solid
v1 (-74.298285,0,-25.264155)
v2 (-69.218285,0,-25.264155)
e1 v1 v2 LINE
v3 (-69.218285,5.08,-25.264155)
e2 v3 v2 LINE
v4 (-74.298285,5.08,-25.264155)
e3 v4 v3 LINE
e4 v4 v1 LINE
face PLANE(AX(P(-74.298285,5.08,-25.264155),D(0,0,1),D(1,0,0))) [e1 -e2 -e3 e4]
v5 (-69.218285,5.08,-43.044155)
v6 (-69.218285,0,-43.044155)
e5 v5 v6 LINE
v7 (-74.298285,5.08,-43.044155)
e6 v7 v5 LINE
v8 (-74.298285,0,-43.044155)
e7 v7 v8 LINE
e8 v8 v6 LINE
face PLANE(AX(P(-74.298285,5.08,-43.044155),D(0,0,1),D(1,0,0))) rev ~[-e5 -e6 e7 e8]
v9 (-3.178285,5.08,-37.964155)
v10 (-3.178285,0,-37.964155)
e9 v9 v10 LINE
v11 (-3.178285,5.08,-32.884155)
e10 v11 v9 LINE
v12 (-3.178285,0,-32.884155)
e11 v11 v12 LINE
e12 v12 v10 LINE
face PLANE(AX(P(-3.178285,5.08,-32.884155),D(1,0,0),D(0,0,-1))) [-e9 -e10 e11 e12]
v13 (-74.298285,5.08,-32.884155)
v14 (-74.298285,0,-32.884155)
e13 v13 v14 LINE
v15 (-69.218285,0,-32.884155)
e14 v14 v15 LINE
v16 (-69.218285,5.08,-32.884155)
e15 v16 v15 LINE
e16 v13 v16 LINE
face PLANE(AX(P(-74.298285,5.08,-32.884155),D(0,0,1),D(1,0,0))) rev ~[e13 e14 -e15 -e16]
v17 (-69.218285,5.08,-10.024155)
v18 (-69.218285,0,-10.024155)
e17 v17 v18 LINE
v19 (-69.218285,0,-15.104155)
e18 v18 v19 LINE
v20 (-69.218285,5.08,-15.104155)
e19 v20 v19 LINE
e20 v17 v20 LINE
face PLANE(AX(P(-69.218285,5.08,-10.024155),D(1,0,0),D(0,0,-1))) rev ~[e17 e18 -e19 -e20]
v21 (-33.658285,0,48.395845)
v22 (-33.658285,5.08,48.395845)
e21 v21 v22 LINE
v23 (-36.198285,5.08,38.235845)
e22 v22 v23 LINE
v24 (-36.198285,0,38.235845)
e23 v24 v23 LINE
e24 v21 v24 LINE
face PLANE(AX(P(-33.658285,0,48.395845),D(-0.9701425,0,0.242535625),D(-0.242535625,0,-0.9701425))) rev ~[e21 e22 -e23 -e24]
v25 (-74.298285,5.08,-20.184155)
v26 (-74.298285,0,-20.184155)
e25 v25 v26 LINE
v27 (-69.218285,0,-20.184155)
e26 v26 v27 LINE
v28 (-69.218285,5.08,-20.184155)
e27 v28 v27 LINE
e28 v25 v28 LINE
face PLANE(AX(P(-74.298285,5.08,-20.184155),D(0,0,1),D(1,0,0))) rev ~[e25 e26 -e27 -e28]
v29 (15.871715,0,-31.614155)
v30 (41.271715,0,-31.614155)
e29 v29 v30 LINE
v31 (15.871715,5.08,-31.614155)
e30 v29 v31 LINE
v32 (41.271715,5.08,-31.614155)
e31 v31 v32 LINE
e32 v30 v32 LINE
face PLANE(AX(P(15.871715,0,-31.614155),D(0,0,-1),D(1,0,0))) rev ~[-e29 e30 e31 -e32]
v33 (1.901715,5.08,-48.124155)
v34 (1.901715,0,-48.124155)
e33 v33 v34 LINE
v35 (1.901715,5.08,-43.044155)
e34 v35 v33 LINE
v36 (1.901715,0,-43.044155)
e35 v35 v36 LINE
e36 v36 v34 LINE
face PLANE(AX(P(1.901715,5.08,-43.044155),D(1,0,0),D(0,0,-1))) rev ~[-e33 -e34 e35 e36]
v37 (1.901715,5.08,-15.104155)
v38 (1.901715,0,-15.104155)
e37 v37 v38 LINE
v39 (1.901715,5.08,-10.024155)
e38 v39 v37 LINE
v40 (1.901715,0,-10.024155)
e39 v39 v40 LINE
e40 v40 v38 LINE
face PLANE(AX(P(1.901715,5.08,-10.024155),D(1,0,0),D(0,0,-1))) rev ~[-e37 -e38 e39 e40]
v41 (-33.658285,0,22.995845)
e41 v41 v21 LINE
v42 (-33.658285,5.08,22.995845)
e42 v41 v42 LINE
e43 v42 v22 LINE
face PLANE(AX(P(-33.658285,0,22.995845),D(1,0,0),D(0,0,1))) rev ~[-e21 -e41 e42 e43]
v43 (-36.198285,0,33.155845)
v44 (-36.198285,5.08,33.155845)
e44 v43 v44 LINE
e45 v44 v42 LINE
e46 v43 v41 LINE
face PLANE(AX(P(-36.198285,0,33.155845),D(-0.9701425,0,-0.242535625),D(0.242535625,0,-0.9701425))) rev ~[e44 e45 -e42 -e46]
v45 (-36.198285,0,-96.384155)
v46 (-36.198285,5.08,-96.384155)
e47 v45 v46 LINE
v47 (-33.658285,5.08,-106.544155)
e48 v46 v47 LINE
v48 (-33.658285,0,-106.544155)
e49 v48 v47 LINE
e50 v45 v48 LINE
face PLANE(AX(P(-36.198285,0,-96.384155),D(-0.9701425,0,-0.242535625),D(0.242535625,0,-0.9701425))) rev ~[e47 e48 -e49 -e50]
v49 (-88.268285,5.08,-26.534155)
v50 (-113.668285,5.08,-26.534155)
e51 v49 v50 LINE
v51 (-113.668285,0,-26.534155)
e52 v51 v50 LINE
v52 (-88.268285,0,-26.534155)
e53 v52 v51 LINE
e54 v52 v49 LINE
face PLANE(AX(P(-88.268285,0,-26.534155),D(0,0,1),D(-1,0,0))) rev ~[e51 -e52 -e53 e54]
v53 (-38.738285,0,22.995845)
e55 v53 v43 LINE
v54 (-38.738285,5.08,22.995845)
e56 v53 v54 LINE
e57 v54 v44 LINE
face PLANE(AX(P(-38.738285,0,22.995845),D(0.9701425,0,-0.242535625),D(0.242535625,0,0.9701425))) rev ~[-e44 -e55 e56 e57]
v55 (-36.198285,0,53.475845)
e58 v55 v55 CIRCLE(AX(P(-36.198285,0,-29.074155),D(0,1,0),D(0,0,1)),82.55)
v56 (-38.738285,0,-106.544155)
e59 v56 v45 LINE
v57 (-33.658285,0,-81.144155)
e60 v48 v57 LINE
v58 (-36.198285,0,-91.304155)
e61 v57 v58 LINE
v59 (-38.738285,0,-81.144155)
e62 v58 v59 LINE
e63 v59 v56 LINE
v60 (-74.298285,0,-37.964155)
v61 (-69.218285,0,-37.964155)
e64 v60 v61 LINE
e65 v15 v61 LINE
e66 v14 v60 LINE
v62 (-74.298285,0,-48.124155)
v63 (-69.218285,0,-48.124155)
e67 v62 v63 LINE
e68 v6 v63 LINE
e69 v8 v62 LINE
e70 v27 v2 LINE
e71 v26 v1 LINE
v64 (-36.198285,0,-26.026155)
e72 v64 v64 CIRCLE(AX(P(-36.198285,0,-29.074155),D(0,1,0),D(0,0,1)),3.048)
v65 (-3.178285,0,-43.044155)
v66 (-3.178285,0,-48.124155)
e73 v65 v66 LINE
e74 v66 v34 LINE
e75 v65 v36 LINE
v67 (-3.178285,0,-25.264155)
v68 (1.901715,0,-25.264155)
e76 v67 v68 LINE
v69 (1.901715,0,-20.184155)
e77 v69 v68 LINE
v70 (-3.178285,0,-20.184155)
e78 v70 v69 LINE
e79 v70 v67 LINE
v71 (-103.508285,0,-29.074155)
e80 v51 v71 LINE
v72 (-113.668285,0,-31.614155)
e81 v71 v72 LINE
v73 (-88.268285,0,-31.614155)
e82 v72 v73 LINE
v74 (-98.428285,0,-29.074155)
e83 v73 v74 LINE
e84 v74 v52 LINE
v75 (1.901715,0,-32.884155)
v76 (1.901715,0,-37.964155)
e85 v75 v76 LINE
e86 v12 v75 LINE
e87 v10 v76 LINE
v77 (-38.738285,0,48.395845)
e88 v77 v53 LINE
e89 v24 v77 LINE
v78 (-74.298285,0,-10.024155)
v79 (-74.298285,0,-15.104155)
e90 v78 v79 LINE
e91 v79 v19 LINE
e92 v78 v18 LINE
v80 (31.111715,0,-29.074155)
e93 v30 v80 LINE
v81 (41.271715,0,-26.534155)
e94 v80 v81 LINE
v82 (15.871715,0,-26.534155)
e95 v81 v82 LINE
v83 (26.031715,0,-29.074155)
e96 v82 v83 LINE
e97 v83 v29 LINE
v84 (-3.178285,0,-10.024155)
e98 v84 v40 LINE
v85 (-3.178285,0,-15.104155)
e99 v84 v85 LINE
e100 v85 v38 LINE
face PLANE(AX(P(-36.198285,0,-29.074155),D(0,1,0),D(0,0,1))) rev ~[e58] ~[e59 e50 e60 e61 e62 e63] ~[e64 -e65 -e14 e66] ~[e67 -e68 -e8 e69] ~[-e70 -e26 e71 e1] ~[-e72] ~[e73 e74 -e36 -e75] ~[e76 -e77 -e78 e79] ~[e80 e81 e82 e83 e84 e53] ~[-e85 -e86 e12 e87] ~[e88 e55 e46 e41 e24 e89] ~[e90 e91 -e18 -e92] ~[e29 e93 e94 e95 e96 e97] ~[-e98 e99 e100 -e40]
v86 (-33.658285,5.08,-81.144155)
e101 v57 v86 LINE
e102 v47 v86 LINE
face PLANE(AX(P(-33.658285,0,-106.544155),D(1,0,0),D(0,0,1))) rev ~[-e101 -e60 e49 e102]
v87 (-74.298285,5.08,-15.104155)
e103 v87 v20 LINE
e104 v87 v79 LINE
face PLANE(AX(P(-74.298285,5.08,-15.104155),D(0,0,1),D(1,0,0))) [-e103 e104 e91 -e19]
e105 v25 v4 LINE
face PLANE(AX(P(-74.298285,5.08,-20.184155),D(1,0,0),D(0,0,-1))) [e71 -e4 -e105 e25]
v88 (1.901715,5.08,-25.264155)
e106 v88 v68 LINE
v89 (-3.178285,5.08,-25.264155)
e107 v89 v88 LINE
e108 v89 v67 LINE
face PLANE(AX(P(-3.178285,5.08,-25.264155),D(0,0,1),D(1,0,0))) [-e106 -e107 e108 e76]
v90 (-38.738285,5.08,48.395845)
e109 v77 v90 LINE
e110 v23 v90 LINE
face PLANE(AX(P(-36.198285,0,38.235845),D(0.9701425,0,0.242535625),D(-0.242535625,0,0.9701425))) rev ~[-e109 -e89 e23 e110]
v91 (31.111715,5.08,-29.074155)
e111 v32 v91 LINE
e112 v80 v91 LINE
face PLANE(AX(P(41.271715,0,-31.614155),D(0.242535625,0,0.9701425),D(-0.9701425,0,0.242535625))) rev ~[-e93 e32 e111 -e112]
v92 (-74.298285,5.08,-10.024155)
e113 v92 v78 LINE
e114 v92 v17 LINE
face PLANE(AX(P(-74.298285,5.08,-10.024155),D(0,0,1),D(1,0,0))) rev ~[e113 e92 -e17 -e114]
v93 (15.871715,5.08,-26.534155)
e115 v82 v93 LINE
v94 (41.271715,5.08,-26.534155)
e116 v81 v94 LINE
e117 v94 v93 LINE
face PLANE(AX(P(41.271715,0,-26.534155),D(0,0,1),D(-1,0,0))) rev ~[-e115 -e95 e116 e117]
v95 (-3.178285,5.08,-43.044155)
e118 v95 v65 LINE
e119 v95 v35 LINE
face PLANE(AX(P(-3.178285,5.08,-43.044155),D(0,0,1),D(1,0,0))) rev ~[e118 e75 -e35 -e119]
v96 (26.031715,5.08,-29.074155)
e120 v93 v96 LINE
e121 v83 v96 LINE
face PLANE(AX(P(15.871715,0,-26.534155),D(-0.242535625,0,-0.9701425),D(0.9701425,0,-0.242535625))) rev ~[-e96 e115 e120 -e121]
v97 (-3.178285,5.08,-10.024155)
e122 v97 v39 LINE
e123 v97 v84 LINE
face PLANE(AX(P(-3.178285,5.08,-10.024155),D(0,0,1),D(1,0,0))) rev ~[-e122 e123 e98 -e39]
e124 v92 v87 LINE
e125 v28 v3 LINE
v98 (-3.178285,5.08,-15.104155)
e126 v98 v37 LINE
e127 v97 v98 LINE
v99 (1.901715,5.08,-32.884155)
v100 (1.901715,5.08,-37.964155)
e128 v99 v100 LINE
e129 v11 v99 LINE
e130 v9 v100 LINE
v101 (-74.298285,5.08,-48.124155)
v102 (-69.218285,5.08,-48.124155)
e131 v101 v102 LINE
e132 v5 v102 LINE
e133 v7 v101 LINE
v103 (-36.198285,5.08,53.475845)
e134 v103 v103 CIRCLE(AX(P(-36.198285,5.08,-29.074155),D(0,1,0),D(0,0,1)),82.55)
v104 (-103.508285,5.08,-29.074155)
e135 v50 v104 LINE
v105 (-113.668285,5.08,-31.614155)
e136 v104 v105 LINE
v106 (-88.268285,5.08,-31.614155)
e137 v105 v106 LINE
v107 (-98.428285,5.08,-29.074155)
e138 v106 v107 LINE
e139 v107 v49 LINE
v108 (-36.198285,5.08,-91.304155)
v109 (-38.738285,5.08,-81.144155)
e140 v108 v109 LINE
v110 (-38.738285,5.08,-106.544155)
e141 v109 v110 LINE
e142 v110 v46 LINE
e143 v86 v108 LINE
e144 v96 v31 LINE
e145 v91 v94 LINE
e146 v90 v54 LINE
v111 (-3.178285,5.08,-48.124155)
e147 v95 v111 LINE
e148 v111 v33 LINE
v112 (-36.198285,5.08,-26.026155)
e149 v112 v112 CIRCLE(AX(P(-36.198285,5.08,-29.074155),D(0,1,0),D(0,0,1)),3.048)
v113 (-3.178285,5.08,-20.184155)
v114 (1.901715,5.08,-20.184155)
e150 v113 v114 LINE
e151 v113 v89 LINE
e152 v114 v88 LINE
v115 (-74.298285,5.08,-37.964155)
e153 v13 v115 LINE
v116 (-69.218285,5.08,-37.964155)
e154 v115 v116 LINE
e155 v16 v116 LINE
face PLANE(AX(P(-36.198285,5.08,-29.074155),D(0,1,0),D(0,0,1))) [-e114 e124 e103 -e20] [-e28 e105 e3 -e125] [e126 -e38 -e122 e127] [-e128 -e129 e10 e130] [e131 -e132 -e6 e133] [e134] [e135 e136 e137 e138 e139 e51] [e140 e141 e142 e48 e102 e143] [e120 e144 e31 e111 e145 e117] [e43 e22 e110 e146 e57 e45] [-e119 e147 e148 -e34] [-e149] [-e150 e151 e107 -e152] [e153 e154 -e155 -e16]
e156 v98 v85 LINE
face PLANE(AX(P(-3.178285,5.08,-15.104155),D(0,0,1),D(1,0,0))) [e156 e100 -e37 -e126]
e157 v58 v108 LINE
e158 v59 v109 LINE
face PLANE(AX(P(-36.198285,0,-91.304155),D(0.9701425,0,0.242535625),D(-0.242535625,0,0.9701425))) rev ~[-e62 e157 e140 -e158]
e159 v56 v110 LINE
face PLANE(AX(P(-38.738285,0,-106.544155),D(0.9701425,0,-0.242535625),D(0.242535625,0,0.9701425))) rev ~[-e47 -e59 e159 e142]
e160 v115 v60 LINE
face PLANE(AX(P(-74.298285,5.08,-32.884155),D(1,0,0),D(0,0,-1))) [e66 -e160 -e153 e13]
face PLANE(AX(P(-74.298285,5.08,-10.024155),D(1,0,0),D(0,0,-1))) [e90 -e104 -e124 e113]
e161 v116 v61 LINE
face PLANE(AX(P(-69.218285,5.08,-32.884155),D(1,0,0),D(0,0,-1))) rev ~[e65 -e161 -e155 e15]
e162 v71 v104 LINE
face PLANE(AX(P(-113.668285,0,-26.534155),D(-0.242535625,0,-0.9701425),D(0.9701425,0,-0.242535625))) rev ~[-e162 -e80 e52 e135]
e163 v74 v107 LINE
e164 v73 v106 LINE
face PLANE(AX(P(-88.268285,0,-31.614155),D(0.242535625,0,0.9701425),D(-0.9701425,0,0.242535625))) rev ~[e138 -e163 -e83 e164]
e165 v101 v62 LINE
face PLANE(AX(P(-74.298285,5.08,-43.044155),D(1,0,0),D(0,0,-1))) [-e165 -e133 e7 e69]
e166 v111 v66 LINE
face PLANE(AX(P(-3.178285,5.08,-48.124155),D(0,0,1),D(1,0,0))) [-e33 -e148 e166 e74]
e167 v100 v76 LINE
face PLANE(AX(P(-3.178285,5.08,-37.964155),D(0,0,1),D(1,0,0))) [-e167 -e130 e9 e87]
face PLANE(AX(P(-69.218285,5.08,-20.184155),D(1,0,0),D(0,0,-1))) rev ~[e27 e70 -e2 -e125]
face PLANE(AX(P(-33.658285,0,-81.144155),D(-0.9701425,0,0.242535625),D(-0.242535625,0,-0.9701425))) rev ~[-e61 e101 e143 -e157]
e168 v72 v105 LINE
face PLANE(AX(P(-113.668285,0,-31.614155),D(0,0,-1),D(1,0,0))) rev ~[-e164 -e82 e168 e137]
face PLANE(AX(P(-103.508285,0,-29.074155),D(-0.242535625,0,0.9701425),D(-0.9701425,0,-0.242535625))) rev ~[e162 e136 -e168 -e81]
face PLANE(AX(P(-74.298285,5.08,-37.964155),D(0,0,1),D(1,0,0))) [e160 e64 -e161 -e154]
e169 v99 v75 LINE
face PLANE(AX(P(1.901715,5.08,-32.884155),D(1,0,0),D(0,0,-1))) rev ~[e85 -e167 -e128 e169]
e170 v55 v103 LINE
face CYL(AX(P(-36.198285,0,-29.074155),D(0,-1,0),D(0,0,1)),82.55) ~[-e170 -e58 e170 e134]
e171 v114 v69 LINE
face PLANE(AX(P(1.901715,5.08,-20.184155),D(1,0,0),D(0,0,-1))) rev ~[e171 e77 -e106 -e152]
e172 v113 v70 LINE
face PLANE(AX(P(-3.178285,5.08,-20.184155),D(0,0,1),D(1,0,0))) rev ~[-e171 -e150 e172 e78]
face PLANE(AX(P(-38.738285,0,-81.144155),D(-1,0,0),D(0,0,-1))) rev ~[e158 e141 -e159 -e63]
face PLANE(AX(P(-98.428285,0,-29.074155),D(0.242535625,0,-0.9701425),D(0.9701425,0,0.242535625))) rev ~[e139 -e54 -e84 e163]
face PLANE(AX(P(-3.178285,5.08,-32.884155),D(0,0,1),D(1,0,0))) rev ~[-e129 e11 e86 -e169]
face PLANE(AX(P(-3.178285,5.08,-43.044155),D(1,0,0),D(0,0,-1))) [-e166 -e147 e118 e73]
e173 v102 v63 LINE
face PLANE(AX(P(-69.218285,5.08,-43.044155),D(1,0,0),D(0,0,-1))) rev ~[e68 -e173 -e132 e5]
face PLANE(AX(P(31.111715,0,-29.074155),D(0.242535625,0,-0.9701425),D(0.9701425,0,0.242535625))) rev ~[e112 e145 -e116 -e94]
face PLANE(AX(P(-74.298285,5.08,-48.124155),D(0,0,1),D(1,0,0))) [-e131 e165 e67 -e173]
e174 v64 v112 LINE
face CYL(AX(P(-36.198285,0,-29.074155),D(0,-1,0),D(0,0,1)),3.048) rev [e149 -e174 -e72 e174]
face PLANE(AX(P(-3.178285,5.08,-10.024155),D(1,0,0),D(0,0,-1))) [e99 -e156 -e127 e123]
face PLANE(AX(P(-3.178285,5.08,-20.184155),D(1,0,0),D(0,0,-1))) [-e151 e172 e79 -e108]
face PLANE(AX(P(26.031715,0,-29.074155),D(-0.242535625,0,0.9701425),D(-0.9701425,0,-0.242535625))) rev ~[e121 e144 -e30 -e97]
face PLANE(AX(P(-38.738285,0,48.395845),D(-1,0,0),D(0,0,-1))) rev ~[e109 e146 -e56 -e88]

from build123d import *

# Parameters (mm, degrees)
SKETCH1_R           = 82.55
SKETCH1_R_2         = 3.048
BOSS_EXTRUDE1_DEPTH = 5.08
SKETCH2_W           = 5.08
SKETCH2_H           = 5.08
CUT_EXTRUDE1_DEPTH  = 5.08


with BuildPart() as part:
    # Sketch1 → Boss-Extrude1 (new body)
    with BuildSketch(Plane(origin=(0, 0, 0), x_dir=(1, 0, 0), z_dir=(0, 1, 0))):
        with Locations(Location((-36.198285131, 29.074154547, 0), (0, 0, 270))):
            Circle(SKETCH1_R)
        with Locations(Location((-36.198285131, 29.074154547, 0), (0, 0, 270))):
            Circle(SKETCH1_R_2, mode=Mode.SUBTRACT)
        Polygon((-36.198285131, 96.384154547), (-33.658285131, 106.544154547), (-33.658285131, 81.144154547), (-36.198285131, 91.304154547), (-38.738285131, 81.144154547), (-38.738285131, 106.544154547), align=None, mode=Mode.SUBTRACT)
        Polygon((31.111714869, 29.074154547), (41.271714869, 26.534154547), (15.871714869, 26.534154547), (26.031714869, 29.074154547), (15.871714869, 31.614154547), (41.271714869, 31.614154547), align=None, mode=Mode.SUBTRACT)
        Polygon((-36.198285131, -38.235845453), (-38.738285131, -48.395845453), (-38.738285131, -22.995845453), (-36.198285131, -33.155845453), (-33.658285131, -22.995845453), (-33.658285131, -48.395845453), align=None, mode=Mode.SUBTRACT)
        Polygon((-103.508285131, 29.074154547), (-113.668285131, 31.614154547), (-88.268285131, 31.614154547), (-98.428285131, 29.074154547), (-88.268285131, 26.534154547), (-113.668285131, 26.534154547), align=None, mode=Mode.SUBTRACT)
    extrude(amount=BOSS_EXTRUDE1_DEPTH)

    # Sketch2 → Cut-Extrude1 (cut)
    with BuildSketch(Plane(origin=(0, 5.08, 0), x_dir=(1, 0, 0), z_dir=(0, 1, 0))):
        with Locations((-0.638285131, 22.724154547)):
            Rectangle(SKETCH2_W, SKETCH2_H)
        with Locations((-0.638285131, 45.584154547)):
            Rectangle(SKETCH2_W, SKETCH2_H)
        with Locations((-0.638285131, 35.424154547)):
            Rectangle(SKETCH2_W, SKETCH2_H)
        with Locations((-0.638285131, 12.564154547)):
            Rectangle(SKETCH2_W, SKETCH2_H)
        with Locations((-71.758285131, 12.564154547)):
            Rectangle(SKETCH2_W, SKETCH2_H)
        with Locations((-71.758285131, 22.724154547)):
            Rectangle(SKETCH2_W, SKETCH2_H)
        with Locations((-71.758285131, 35.424154547)):
            Rectangle(SKETCH2_W, SKETCH2_H)
        with Locations((-71.758285131, 45.584154547)):
            Rectangle(SKETCH2_W, SKETCH2_H)
    extrude(amount=-CUT_EXTRUDE1_DEPTH, mode=Mode.SUBTRACT)


solid = part.part
